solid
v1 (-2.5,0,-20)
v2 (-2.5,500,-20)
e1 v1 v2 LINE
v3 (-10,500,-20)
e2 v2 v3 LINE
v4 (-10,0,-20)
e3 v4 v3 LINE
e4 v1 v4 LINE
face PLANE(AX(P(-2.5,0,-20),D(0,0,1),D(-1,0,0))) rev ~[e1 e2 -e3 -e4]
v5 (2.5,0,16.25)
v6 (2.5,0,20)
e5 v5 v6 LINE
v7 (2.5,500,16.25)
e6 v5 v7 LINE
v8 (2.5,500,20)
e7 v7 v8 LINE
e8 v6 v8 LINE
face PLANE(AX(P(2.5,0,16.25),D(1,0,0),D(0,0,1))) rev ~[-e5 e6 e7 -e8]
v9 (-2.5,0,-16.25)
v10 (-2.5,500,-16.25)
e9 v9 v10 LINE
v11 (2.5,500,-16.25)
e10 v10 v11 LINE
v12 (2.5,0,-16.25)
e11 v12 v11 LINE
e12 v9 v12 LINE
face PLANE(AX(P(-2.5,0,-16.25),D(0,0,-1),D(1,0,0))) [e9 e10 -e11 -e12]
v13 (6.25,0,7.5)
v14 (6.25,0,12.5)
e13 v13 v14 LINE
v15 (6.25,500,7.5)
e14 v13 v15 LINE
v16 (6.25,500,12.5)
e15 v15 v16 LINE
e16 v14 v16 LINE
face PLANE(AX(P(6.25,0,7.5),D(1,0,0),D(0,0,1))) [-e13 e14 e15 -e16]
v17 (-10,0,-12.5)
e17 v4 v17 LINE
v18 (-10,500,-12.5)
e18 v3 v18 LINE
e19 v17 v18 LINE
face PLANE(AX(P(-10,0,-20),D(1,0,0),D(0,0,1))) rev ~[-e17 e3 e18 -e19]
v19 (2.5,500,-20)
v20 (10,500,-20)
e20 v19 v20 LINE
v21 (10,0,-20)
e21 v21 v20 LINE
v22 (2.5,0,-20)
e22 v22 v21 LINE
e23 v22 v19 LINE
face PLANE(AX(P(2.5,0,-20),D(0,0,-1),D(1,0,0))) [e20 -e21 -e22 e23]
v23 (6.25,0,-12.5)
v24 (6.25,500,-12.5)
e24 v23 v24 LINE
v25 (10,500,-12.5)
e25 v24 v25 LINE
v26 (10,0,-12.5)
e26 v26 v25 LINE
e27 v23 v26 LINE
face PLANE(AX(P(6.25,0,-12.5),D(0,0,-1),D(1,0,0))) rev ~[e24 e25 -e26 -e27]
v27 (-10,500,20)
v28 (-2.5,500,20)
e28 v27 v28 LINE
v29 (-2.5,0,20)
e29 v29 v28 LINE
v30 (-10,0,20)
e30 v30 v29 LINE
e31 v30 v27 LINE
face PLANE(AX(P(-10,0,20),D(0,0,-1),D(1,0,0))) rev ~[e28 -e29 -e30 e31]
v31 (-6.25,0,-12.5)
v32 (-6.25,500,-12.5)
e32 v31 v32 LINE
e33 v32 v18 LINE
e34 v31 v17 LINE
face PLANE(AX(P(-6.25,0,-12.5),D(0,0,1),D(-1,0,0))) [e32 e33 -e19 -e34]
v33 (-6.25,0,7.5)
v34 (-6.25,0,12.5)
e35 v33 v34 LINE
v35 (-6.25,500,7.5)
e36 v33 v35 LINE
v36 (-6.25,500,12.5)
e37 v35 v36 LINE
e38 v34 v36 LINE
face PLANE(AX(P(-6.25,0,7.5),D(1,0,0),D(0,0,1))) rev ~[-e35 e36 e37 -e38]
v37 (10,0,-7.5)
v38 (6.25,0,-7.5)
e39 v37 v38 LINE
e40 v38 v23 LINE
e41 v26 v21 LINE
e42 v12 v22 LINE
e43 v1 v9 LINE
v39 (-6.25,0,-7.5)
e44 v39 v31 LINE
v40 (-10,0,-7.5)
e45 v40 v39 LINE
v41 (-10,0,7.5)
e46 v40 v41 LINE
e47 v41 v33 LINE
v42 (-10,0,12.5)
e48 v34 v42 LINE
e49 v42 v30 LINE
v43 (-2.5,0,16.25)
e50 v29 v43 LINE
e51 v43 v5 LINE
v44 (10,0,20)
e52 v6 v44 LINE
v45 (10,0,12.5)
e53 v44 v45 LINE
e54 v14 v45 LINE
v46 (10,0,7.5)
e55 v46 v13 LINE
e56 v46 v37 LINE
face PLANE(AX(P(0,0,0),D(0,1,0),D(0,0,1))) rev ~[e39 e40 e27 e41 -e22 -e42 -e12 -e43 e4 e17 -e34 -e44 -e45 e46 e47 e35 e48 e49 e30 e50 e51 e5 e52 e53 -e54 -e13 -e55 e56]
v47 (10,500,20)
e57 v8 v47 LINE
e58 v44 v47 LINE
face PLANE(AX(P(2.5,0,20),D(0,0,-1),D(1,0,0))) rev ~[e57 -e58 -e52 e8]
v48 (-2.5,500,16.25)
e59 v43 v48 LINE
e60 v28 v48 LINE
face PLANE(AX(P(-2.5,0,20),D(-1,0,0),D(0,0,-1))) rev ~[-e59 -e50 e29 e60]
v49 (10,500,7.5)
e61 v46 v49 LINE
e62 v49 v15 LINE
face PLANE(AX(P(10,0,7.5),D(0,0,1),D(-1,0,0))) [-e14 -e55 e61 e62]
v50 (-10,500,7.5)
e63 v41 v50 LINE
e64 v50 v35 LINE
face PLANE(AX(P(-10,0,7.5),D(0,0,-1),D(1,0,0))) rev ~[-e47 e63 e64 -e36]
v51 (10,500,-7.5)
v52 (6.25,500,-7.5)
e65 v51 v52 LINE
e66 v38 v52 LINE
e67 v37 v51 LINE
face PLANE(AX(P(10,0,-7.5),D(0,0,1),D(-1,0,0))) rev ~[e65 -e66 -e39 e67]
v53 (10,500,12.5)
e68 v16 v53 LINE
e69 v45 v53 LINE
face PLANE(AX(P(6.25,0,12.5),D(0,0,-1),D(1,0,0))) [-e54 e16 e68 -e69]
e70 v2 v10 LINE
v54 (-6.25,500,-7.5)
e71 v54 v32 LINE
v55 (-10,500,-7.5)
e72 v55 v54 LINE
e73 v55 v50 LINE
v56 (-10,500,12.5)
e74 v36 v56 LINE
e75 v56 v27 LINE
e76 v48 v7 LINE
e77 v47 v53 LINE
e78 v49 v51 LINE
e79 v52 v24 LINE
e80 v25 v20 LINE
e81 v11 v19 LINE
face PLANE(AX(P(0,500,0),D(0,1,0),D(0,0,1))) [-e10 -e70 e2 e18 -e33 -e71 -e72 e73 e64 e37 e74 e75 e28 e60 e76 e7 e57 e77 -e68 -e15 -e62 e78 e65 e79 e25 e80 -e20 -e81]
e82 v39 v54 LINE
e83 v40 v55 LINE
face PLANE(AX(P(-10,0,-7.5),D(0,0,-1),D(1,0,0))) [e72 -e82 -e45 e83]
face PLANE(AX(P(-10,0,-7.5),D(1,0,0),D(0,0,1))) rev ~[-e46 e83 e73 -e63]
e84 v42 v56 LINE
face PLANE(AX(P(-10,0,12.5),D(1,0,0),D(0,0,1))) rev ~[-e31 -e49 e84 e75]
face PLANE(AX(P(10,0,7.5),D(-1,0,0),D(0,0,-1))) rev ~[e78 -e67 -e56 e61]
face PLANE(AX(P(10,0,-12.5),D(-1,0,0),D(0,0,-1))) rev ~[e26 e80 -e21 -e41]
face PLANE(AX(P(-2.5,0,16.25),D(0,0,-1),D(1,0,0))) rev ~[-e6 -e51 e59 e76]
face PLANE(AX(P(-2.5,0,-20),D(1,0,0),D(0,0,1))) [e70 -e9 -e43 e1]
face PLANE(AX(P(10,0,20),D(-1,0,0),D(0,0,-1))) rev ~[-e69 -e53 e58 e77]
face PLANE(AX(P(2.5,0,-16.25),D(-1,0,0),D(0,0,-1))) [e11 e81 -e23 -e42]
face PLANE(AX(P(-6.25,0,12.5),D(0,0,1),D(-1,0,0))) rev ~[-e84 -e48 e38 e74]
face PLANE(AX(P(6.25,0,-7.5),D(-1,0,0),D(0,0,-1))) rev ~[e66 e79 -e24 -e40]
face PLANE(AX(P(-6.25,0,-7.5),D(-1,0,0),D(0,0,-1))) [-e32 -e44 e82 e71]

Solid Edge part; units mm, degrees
sketch "Sketch1" plane through (0, 0, 0) normal (0, -1, 0) x (1, 0, 0)
  line L0 (-6.25, 7.5) -> (-6.25, 12.5)
  line L1 (-6.25, 12.5) -> (-10, 12.5)
  line L2 (-10, 12.5) -> (-10, 20)
  line L3 (-10, 20) -> (-2.5, 20)
  line L4 (-2.5, 20) -> (-2.5, 16.25)
  line L5 (-2.5, 16.25) -> (2.5, 16.25)
  line L6 (2.5, 16.25) -> (2.5, 20)
  line L7 (2.5, 20) -> (10, 20)
  line L8 (10, 20) -> (10, 12.5)
  line L9 (6.25, 12.5) -> (10, 12.5)
  line L10 (6.25, 7.5) -> (6.25, 12.5)
  line L11 (10, 7.5) -> (6.25, 7.5)
  line L12 (10, 7.5) -> (10, -7.5)
  line L13 (10, -7.5) -> (6.25, -7.5)
  line L14 (6.25, -7.5) -> (6.25, -12.5)
  line L15 (6.25, -12.5) -> (10, -12.5)
  line L16 (10, -12.5) -> (10, -20)
  line L17 (2.5, -20) -> (10, -20)
  line L18 (2.5, -16.25) -> (2.5, -20)
  line L19 (-2.5, -16.25) -> (2.5, -16.25)
  line L20 (-2.5, -20) -> (-2.5, -16.25)
  line L21 (-2.5, -20) -> (-10, -20)
  line L22 (-10, -20) -> (-10, -12.5)
  line L23 (-6.25, -12.5) -> (-10, -12.5)
  line L24 (-6.25, -7.5) -> (-6.25, -12.5)
  line L25 (-10, -7.5) -> (-6.25, -7.5)
  line L26 (-10, -7.5) -> (-10, 7.5)
  line L27 (-10, 7.5) -> (-6.25, 7.5)
extrude "Protrusion1" add sketch "Sketch1" against normal blind 500
